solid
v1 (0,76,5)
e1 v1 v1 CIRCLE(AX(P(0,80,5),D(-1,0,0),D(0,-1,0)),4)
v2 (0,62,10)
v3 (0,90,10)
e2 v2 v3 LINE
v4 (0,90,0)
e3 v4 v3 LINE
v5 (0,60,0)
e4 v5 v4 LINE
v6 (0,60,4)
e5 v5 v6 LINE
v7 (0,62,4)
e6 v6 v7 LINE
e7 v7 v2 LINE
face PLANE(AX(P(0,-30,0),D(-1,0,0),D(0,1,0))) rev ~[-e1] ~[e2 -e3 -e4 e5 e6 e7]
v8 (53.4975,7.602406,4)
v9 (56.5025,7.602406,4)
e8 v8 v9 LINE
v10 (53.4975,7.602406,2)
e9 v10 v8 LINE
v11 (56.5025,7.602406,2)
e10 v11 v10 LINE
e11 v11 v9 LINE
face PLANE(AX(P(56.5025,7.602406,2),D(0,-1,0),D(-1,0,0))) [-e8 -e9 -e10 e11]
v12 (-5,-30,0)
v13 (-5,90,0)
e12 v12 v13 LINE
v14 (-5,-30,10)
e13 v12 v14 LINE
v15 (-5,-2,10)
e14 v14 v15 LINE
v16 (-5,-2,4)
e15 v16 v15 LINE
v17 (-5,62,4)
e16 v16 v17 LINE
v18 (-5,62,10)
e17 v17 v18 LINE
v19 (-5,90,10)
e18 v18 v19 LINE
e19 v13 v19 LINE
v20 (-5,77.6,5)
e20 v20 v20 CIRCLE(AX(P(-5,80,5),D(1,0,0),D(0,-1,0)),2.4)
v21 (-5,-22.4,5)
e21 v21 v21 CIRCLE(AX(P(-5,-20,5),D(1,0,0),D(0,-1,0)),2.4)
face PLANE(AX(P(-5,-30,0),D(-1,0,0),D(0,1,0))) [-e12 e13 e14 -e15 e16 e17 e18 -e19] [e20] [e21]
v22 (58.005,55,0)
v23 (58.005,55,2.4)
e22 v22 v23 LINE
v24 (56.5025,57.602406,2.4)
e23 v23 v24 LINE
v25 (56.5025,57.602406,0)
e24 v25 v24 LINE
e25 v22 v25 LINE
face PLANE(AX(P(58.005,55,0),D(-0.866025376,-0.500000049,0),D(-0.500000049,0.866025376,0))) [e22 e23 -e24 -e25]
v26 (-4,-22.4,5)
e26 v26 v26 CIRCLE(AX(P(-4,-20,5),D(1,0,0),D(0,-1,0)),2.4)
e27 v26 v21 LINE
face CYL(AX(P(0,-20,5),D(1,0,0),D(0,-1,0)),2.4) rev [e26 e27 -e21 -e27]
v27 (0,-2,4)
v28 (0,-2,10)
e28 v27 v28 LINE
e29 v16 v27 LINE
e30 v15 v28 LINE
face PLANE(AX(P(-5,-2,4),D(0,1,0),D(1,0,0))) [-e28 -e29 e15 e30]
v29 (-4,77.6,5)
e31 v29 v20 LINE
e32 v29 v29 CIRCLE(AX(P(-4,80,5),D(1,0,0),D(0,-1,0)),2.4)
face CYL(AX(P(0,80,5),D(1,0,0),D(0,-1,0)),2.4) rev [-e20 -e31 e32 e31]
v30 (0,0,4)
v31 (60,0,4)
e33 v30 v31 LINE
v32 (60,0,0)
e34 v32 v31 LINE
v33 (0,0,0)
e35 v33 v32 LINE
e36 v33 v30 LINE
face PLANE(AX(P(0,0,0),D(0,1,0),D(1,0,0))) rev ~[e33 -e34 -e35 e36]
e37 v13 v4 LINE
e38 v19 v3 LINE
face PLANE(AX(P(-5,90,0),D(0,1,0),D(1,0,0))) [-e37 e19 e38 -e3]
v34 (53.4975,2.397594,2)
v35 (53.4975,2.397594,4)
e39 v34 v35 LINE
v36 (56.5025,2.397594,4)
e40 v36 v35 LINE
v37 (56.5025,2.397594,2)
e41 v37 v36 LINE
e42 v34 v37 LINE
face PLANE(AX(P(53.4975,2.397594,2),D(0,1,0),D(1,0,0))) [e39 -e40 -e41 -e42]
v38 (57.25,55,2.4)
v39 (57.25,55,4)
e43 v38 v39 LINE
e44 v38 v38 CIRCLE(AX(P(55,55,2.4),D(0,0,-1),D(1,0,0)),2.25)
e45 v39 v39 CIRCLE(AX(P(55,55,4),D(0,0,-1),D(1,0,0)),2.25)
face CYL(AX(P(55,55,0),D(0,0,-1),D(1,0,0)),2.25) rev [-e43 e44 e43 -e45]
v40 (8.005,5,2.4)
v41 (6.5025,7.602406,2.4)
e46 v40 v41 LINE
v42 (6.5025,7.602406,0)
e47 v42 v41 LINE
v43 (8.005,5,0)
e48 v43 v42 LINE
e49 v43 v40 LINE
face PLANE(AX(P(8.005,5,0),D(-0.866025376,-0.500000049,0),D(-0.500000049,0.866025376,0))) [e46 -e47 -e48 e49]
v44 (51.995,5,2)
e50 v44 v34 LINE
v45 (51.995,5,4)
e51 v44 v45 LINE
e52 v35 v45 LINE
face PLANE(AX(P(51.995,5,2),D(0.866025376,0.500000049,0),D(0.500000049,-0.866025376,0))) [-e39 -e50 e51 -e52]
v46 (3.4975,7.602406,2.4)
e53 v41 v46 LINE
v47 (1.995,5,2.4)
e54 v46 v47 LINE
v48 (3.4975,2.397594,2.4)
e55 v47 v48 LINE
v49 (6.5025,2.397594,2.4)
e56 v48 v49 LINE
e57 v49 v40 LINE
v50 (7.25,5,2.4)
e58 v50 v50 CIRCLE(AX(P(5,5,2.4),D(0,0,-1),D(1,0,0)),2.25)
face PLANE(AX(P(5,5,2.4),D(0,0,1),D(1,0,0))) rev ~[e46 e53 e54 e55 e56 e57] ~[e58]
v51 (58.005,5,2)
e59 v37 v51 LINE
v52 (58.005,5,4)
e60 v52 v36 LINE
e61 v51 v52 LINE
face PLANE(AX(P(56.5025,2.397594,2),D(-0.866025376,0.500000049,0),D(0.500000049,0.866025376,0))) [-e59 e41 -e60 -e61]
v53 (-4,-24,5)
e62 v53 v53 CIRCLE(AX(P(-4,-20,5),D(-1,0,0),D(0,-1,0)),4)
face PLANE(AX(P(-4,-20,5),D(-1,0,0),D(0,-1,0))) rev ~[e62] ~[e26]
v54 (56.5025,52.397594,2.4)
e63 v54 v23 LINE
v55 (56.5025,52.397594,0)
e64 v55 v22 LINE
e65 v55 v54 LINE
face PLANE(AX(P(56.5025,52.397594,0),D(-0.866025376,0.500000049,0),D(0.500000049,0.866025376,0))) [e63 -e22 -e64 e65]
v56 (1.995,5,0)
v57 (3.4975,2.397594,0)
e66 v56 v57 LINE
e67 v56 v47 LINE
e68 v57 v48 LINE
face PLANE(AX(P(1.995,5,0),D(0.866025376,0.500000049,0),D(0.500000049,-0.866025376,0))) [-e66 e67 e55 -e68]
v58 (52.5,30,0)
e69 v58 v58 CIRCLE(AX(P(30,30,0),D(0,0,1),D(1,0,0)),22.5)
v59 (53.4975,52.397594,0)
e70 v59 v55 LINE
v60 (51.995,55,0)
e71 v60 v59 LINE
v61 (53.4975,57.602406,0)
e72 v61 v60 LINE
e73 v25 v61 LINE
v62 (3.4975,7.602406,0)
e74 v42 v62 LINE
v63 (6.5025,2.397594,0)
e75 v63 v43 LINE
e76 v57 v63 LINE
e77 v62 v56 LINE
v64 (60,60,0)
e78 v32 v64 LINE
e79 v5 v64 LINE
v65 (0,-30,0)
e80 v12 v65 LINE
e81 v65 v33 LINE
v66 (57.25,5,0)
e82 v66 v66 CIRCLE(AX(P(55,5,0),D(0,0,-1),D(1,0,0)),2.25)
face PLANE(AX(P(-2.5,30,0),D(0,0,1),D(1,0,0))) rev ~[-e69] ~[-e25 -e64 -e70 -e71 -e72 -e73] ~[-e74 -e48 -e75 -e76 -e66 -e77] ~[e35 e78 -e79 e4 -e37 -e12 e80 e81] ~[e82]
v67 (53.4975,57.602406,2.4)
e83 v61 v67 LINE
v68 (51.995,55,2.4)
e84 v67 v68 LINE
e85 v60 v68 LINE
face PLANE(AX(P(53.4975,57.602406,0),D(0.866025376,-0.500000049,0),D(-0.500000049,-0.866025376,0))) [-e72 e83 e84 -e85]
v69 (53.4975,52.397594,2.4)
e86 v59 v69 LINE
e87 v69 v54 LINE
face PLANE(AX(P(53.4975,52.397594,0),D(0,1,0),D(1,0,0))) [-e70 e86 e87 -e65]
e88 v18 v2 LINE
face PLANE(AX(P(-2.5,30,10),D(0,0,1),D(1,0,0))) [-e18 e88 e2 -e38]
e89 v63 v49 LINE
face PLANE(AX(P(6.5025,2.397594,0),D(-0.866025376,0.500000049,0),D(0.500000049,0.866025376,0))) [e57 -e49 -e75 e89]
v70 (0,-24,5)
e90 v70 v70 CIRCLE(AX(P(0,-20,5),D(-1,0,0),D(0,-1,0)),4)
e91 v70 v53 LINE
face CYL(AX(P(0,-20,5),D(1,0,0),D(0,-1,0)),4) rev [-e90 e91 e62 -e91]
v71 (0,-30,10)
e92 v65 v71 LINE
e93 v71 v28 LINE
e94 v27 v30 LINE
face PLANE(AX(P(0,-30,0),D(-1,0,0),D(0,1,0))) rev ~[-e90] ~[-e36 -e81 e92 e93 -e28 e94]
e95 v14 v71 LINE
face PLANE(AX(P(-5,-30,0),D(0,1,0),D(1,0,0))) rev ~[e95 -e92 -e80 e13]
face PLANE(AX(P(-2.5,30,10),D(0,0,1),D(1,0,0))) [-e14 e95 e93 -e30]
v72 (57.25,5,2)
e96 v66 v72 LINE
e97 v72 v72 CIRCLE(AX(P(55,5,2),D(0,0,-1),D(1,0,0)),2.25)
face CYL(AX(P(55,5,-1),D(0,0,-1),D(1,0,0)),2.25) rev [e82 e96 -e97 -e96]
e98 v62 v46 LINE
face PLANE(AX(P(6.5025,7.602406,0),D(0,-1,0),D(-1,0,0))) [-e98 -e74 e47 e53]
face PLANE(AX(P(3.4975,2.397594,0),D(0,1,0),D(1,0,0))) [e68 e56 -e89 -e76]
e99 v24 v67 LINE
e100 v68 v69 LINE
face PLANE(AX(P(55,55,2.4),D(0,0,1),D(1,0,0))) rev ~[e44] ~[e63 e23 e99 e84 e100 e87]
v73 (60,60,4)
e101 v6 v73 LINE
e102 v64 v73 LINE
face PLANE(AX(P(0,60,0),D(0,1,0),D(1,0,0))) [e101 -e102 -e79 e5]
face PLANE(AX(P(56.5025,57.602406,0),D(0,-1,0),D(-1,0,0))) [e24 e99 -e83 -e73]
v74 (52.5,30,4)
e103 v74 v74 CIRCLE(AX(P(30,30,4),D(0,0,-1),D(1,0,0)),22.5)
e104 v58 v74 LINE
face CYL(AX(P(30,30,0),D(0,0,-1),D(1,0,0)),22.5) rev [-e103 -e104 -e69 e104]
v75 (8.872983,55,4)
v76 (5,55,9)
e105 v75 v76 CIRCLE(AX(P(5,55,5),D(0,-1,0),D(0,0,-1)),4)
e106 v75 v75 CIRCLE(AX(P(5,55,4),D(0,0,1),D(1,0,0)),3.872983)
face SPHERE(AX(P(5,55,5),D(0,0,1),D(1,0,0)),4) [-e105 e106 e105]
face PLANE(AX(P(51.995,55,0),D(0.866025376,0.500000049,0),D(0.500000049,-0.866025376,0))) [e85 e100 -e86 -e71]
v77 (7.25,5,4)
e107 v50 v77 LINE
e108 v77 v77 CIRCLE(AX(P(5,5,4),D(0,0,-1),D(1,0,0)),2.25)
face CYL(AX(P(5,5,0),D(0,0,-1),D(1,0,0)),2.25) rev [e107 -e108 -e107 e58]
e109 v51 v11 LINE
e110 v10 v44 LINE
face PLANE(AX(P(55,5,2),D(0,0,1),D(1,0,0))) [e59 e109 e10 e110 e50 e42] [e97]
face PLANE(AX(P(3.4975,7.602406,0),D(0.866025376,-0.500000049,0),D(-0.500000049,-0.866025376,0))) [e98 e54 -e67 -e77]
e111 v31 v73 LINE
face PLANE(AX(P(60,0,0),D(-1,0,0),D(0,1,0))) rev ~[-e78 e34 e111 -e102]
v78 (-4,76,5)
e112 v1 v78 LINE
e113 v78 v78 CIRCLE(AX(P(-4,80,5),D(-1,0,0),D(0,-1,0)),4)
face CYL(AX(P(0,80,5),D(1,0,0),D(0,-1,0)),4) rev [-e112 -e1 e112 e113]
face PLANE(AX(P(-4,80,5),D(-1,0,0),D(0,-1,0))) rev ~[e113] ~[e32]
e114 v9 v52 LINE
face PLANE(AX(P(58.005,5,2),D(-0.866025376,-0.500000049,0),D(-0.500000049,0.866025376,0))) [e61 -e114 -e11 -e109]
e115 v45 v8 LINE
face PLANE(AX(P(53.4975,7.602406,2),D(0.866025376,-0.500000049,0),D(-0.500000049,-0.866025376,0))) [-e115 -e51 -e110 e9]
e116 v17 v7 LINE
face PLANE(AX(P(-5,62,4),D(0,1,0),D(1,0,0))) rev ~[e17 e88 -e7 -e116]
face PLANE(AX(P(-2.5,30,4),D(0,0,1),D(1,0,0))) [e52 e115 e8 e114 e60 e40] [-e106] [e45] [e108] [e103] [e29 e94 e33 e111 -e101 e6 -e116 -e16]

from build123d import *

# Parameters (mm, degrees)
CYLINDER014_R             = 4
CYLINDER014_DEPTH         = 4
CYLINDER015_R             = 2.4
CYLINDER015_DEPTH         = 10
FUSION014_PLACEMENT_ANGLE = 90
CYLINDER016_R             = 4
CYLINDER016_DEPTH         = 4
CYLINDER017_R             = 2.4
CYLINDER017_DEPTH         = 10
FUSION015_PLACEMENT_ANGLE = 90
FUSION016_PLACEMENT_ANGLE = 270
BOX003_W                  = 5
BOX003_H                  = 64
BOX003_DEPTH              = 6
BOX002_W                  = 5
BOX002_H                  = 120
BOX002_DEPTH              = 10
CYLINDER021_R             = 22.5
CYLINDER021_DEPTH         = 10
CYLINDER018_R             = 2.25
CYLINDER018_DEPTH         = 10
EXTRUDE_DEPTH             = 2.4
CYLINDER019_R             = 2.25
CYLINDER019_DEPTH         = 10
CYLINDER020_R             = 2.25
CYLINDER020_DEPTH         = 10
BOX004_W                  = 60
BOX004_H                  = 60
BOX004_DEPTH              = 4


with BuildPart() as cylinder014:
    # Cylinder014 → Cylinder014 (new body)
    with BuildSketch(Plane.XY):
        Circle(CYLINDER014_R)
    extrude(amount=CYLINDER014_DEPTH)


with BuildPart() as fusion014:
    # Cylinder015 → Cylinder015 (new body)
    with BuildSketch(Plane.XY):
        Circle(CYLINDER015_R)
    extrude(amount=CYLINDER015_DEPTH)

    # Fusion014: union Cylinder014
    add(cylinder014.part)


with BuildPart() as fusion014_1:
    # Fusion014 placement: moved
    add(fusion014.part.moved(Location((-50, 0, 5))).rotate(Axis((-50, 0, 5), (1, 0, 0)), FUSION014_PLACEMENT_ANGLE))


with BuildPart() as cylinder016:
    # Cylinder016 → Cylinder016 (new body)
    with BuildSketch(Plane.XY):
        Circle(CYLINDER016_R)
    extrude(amount=CYLINDER016_DEPTH)


with BuildPart() as fusion016:
    # Cylinder017 → Cylinder017 (new body)
    with BuildSketch(Plane.XY):
        Circle(CYLINDER017_R)
    extrude(amount=CYLINDER017_DEPTH)

    # Fusion015: union Cylinder016
    add(cylinder016.part)


with BuildPart() as fusion016_1:
    # Fusion015 placement: moved
    add(fusion016.part.moved(Location((50, 0, 5))).rotate(Axis((50, 0, 5), (1, 0, 0)), FUSION015_PLACEMENT_ANGLE))

    # Fusion016: union Fusion014
    add(fusion014_1.part)


with BuildPart() as fusion016_2:
    # Fusion016 placement: moved
    add(fusion016_1.part.moved(Location((0, 30, 0))).rotate(Axis((0, 30, 0), (0, 0, 1)), FUSION016_PLACEMENT_ANGLE))


with BuildPart() as cube003:
    # Box003 → Box003 (new body)
    with BuildSketch(Plane(origin=(-5, -2, 4), x_dir=(1, 0, 0), z_dir=(0, 0, 1))):
        with Locations((2.5, 32)):
            Rectangle(BOX003_W, BOX003_H)
    extrude(amount=BOX003_DEPTH)


with BuildPart() as cut004:
    # Box002 → Box002 (new body)
    with BuildSketch(Plane(origin=(-5, -30, 0), x_dir=(1, 0, 0), z_dir=(0, 0, 1))):
        with Locations((2.5, 60)):
            Rectangle(BOX002_W, BOX002_H)
    extrude(amount=BOX002_DEPTH)

    # Cut003: cut Cube003
    add(cube003.part, mode=Mode.SUBTRACT)

    # Cut004: cut Fusion016
    add(fusion016_2.part, mode=Mode.SUBTRACT)


with BuildPart() as sphere001:
    # Sphere001 → Sphere001 (revolve)
    with BuildSketch(Plane(origin=(5, 55, 5), x_dir=(1, 0, 0), z_dir=(0, -1, 0))):
        with BuildLine():
            ThreePointArc((0, -4), (4, 0), (0, 4))
            Line((0, 4), (0, -4))
        make_face()
    revolve(axis=Axis((5, 55, 5), (0, 0, 1)))


with BuildPart() as cylinder021:
    # Cylinder021 → Cylinder021 (new body)
    with BuildSketch(Plane(origin=(30, 30, 0), x_dir=(1, 0, 0), z_dir=(0, 0, 1))):
        Circle(CYLINDER021_R)
    extrude(amount=CYLINDER021_DEPTH)


with BuildPart() as cylinder018:
    # Cylinder018 → Cylinder018 (new body)
    with BuildSketch(Plane(origin=(5, 5, 0), x_dir=(1, 0, 0), z_dir=(0, 0, 1))):
        Circle(CYLINDER018_R)
    extrude(amount=CYLINDER018_DEPTH)


with BuildPart() as din934_m007:
    # Sketch → Extrude (new body)
    with BuildSketch(Plane.XY):
        Polygon((-3.005, 0), (-1.5025, -2.602406), (1.5025, -2.602406), (3.005, 0), (1.5025, 2.602406), (-1.5025, 2.602406), align=None)
    extrude(amount=EXTRUDE_DEPTH)


with BuildPart() as fusion018:
    # Link004 base: copy of DIN934_M007
    add(din934_m007.part)


with BuildPart() as fusion018_1:
    # Link004 placement: moved
    add(fusion018.part.moved(Location((5, 5, 0))))

    # Fusion018: union Cylinder018
    add(cylinder018.part)


with BuildPart() as cylinder019:
    # Cylinder019 → Cylinder019 (new body)
    with BuildSketch(Plane(origin=(55, 5, -3), x_dir=(1, 0, 0), z_dir=(0, 0, 1))):
        Circle(CYLINDER019_R)
    extrude(amount=CYLINDER019_DEPTH)


with BuildPart() as fusion019:
    # Link005 base: copy of DIN934_M007
    add(din934_m007.part)


with BuildPart() as fusion019_1:
    # Link005 placement: moved
    add(fusion019.part.moved(Location((55, 5, 0))))

    # Fusion019: union Cylinder019
    add(cylinder019.part)


with BuildPart() as fusion019_2:
    # Fusion019 placement: moved
    add(fusion019_1.part.moved(Location((0, 0, 2))))


with BuildPart() as cylinder020:
    # Cylinder020 → Cylinder020 (new body)
    with BuildSketch(Plane(origin=(55, 55, 0), x_dir=(1, 0, 0), z_dir=(0, 0, 1))):
        Circle(CYLINDER020_R)
    extrude(amount=CYLINDER020_DEPTH)


with BuildPart() as compound002:
    # Link003 base: copy of DIN934_M007
    add(din934_m007.part)


with BuildPart() as compound002_1:
    # Link003 placement: moved
    add(compound002.part.moved(Location((55, 55, 0))))

    # Fusion017: union Cylinder020
    add(cylinder020.part)

    # Compound002: union Fusion018, Fusion019
    add(fusion018_1.part)
    add(fusion019_2.part)


with BuildPart() as kinematicmount_c35rails:
    # Box004 → Box004 (new body)
    with BuildSketch(Plane.XY):
        with Locations((30, 30)):
            Rectangle(BOX004_W, BOX004_H)
    extrude(amount=BOX004_DEPTH)

    # Cut005: cut Compound002
    add(compound002_1.part, mode=Mode.SUBTRACT)

    # Cut006: cut Cylinder021
    add(cylinder021.part, mode=Mode.SUBTRACT)

    # Fusion020: union Sphere001
    add(sphere001.part)

    # Fusion021: union Cut004
    add(cut004.part)


solid = kinematicmount_c35rails.part
